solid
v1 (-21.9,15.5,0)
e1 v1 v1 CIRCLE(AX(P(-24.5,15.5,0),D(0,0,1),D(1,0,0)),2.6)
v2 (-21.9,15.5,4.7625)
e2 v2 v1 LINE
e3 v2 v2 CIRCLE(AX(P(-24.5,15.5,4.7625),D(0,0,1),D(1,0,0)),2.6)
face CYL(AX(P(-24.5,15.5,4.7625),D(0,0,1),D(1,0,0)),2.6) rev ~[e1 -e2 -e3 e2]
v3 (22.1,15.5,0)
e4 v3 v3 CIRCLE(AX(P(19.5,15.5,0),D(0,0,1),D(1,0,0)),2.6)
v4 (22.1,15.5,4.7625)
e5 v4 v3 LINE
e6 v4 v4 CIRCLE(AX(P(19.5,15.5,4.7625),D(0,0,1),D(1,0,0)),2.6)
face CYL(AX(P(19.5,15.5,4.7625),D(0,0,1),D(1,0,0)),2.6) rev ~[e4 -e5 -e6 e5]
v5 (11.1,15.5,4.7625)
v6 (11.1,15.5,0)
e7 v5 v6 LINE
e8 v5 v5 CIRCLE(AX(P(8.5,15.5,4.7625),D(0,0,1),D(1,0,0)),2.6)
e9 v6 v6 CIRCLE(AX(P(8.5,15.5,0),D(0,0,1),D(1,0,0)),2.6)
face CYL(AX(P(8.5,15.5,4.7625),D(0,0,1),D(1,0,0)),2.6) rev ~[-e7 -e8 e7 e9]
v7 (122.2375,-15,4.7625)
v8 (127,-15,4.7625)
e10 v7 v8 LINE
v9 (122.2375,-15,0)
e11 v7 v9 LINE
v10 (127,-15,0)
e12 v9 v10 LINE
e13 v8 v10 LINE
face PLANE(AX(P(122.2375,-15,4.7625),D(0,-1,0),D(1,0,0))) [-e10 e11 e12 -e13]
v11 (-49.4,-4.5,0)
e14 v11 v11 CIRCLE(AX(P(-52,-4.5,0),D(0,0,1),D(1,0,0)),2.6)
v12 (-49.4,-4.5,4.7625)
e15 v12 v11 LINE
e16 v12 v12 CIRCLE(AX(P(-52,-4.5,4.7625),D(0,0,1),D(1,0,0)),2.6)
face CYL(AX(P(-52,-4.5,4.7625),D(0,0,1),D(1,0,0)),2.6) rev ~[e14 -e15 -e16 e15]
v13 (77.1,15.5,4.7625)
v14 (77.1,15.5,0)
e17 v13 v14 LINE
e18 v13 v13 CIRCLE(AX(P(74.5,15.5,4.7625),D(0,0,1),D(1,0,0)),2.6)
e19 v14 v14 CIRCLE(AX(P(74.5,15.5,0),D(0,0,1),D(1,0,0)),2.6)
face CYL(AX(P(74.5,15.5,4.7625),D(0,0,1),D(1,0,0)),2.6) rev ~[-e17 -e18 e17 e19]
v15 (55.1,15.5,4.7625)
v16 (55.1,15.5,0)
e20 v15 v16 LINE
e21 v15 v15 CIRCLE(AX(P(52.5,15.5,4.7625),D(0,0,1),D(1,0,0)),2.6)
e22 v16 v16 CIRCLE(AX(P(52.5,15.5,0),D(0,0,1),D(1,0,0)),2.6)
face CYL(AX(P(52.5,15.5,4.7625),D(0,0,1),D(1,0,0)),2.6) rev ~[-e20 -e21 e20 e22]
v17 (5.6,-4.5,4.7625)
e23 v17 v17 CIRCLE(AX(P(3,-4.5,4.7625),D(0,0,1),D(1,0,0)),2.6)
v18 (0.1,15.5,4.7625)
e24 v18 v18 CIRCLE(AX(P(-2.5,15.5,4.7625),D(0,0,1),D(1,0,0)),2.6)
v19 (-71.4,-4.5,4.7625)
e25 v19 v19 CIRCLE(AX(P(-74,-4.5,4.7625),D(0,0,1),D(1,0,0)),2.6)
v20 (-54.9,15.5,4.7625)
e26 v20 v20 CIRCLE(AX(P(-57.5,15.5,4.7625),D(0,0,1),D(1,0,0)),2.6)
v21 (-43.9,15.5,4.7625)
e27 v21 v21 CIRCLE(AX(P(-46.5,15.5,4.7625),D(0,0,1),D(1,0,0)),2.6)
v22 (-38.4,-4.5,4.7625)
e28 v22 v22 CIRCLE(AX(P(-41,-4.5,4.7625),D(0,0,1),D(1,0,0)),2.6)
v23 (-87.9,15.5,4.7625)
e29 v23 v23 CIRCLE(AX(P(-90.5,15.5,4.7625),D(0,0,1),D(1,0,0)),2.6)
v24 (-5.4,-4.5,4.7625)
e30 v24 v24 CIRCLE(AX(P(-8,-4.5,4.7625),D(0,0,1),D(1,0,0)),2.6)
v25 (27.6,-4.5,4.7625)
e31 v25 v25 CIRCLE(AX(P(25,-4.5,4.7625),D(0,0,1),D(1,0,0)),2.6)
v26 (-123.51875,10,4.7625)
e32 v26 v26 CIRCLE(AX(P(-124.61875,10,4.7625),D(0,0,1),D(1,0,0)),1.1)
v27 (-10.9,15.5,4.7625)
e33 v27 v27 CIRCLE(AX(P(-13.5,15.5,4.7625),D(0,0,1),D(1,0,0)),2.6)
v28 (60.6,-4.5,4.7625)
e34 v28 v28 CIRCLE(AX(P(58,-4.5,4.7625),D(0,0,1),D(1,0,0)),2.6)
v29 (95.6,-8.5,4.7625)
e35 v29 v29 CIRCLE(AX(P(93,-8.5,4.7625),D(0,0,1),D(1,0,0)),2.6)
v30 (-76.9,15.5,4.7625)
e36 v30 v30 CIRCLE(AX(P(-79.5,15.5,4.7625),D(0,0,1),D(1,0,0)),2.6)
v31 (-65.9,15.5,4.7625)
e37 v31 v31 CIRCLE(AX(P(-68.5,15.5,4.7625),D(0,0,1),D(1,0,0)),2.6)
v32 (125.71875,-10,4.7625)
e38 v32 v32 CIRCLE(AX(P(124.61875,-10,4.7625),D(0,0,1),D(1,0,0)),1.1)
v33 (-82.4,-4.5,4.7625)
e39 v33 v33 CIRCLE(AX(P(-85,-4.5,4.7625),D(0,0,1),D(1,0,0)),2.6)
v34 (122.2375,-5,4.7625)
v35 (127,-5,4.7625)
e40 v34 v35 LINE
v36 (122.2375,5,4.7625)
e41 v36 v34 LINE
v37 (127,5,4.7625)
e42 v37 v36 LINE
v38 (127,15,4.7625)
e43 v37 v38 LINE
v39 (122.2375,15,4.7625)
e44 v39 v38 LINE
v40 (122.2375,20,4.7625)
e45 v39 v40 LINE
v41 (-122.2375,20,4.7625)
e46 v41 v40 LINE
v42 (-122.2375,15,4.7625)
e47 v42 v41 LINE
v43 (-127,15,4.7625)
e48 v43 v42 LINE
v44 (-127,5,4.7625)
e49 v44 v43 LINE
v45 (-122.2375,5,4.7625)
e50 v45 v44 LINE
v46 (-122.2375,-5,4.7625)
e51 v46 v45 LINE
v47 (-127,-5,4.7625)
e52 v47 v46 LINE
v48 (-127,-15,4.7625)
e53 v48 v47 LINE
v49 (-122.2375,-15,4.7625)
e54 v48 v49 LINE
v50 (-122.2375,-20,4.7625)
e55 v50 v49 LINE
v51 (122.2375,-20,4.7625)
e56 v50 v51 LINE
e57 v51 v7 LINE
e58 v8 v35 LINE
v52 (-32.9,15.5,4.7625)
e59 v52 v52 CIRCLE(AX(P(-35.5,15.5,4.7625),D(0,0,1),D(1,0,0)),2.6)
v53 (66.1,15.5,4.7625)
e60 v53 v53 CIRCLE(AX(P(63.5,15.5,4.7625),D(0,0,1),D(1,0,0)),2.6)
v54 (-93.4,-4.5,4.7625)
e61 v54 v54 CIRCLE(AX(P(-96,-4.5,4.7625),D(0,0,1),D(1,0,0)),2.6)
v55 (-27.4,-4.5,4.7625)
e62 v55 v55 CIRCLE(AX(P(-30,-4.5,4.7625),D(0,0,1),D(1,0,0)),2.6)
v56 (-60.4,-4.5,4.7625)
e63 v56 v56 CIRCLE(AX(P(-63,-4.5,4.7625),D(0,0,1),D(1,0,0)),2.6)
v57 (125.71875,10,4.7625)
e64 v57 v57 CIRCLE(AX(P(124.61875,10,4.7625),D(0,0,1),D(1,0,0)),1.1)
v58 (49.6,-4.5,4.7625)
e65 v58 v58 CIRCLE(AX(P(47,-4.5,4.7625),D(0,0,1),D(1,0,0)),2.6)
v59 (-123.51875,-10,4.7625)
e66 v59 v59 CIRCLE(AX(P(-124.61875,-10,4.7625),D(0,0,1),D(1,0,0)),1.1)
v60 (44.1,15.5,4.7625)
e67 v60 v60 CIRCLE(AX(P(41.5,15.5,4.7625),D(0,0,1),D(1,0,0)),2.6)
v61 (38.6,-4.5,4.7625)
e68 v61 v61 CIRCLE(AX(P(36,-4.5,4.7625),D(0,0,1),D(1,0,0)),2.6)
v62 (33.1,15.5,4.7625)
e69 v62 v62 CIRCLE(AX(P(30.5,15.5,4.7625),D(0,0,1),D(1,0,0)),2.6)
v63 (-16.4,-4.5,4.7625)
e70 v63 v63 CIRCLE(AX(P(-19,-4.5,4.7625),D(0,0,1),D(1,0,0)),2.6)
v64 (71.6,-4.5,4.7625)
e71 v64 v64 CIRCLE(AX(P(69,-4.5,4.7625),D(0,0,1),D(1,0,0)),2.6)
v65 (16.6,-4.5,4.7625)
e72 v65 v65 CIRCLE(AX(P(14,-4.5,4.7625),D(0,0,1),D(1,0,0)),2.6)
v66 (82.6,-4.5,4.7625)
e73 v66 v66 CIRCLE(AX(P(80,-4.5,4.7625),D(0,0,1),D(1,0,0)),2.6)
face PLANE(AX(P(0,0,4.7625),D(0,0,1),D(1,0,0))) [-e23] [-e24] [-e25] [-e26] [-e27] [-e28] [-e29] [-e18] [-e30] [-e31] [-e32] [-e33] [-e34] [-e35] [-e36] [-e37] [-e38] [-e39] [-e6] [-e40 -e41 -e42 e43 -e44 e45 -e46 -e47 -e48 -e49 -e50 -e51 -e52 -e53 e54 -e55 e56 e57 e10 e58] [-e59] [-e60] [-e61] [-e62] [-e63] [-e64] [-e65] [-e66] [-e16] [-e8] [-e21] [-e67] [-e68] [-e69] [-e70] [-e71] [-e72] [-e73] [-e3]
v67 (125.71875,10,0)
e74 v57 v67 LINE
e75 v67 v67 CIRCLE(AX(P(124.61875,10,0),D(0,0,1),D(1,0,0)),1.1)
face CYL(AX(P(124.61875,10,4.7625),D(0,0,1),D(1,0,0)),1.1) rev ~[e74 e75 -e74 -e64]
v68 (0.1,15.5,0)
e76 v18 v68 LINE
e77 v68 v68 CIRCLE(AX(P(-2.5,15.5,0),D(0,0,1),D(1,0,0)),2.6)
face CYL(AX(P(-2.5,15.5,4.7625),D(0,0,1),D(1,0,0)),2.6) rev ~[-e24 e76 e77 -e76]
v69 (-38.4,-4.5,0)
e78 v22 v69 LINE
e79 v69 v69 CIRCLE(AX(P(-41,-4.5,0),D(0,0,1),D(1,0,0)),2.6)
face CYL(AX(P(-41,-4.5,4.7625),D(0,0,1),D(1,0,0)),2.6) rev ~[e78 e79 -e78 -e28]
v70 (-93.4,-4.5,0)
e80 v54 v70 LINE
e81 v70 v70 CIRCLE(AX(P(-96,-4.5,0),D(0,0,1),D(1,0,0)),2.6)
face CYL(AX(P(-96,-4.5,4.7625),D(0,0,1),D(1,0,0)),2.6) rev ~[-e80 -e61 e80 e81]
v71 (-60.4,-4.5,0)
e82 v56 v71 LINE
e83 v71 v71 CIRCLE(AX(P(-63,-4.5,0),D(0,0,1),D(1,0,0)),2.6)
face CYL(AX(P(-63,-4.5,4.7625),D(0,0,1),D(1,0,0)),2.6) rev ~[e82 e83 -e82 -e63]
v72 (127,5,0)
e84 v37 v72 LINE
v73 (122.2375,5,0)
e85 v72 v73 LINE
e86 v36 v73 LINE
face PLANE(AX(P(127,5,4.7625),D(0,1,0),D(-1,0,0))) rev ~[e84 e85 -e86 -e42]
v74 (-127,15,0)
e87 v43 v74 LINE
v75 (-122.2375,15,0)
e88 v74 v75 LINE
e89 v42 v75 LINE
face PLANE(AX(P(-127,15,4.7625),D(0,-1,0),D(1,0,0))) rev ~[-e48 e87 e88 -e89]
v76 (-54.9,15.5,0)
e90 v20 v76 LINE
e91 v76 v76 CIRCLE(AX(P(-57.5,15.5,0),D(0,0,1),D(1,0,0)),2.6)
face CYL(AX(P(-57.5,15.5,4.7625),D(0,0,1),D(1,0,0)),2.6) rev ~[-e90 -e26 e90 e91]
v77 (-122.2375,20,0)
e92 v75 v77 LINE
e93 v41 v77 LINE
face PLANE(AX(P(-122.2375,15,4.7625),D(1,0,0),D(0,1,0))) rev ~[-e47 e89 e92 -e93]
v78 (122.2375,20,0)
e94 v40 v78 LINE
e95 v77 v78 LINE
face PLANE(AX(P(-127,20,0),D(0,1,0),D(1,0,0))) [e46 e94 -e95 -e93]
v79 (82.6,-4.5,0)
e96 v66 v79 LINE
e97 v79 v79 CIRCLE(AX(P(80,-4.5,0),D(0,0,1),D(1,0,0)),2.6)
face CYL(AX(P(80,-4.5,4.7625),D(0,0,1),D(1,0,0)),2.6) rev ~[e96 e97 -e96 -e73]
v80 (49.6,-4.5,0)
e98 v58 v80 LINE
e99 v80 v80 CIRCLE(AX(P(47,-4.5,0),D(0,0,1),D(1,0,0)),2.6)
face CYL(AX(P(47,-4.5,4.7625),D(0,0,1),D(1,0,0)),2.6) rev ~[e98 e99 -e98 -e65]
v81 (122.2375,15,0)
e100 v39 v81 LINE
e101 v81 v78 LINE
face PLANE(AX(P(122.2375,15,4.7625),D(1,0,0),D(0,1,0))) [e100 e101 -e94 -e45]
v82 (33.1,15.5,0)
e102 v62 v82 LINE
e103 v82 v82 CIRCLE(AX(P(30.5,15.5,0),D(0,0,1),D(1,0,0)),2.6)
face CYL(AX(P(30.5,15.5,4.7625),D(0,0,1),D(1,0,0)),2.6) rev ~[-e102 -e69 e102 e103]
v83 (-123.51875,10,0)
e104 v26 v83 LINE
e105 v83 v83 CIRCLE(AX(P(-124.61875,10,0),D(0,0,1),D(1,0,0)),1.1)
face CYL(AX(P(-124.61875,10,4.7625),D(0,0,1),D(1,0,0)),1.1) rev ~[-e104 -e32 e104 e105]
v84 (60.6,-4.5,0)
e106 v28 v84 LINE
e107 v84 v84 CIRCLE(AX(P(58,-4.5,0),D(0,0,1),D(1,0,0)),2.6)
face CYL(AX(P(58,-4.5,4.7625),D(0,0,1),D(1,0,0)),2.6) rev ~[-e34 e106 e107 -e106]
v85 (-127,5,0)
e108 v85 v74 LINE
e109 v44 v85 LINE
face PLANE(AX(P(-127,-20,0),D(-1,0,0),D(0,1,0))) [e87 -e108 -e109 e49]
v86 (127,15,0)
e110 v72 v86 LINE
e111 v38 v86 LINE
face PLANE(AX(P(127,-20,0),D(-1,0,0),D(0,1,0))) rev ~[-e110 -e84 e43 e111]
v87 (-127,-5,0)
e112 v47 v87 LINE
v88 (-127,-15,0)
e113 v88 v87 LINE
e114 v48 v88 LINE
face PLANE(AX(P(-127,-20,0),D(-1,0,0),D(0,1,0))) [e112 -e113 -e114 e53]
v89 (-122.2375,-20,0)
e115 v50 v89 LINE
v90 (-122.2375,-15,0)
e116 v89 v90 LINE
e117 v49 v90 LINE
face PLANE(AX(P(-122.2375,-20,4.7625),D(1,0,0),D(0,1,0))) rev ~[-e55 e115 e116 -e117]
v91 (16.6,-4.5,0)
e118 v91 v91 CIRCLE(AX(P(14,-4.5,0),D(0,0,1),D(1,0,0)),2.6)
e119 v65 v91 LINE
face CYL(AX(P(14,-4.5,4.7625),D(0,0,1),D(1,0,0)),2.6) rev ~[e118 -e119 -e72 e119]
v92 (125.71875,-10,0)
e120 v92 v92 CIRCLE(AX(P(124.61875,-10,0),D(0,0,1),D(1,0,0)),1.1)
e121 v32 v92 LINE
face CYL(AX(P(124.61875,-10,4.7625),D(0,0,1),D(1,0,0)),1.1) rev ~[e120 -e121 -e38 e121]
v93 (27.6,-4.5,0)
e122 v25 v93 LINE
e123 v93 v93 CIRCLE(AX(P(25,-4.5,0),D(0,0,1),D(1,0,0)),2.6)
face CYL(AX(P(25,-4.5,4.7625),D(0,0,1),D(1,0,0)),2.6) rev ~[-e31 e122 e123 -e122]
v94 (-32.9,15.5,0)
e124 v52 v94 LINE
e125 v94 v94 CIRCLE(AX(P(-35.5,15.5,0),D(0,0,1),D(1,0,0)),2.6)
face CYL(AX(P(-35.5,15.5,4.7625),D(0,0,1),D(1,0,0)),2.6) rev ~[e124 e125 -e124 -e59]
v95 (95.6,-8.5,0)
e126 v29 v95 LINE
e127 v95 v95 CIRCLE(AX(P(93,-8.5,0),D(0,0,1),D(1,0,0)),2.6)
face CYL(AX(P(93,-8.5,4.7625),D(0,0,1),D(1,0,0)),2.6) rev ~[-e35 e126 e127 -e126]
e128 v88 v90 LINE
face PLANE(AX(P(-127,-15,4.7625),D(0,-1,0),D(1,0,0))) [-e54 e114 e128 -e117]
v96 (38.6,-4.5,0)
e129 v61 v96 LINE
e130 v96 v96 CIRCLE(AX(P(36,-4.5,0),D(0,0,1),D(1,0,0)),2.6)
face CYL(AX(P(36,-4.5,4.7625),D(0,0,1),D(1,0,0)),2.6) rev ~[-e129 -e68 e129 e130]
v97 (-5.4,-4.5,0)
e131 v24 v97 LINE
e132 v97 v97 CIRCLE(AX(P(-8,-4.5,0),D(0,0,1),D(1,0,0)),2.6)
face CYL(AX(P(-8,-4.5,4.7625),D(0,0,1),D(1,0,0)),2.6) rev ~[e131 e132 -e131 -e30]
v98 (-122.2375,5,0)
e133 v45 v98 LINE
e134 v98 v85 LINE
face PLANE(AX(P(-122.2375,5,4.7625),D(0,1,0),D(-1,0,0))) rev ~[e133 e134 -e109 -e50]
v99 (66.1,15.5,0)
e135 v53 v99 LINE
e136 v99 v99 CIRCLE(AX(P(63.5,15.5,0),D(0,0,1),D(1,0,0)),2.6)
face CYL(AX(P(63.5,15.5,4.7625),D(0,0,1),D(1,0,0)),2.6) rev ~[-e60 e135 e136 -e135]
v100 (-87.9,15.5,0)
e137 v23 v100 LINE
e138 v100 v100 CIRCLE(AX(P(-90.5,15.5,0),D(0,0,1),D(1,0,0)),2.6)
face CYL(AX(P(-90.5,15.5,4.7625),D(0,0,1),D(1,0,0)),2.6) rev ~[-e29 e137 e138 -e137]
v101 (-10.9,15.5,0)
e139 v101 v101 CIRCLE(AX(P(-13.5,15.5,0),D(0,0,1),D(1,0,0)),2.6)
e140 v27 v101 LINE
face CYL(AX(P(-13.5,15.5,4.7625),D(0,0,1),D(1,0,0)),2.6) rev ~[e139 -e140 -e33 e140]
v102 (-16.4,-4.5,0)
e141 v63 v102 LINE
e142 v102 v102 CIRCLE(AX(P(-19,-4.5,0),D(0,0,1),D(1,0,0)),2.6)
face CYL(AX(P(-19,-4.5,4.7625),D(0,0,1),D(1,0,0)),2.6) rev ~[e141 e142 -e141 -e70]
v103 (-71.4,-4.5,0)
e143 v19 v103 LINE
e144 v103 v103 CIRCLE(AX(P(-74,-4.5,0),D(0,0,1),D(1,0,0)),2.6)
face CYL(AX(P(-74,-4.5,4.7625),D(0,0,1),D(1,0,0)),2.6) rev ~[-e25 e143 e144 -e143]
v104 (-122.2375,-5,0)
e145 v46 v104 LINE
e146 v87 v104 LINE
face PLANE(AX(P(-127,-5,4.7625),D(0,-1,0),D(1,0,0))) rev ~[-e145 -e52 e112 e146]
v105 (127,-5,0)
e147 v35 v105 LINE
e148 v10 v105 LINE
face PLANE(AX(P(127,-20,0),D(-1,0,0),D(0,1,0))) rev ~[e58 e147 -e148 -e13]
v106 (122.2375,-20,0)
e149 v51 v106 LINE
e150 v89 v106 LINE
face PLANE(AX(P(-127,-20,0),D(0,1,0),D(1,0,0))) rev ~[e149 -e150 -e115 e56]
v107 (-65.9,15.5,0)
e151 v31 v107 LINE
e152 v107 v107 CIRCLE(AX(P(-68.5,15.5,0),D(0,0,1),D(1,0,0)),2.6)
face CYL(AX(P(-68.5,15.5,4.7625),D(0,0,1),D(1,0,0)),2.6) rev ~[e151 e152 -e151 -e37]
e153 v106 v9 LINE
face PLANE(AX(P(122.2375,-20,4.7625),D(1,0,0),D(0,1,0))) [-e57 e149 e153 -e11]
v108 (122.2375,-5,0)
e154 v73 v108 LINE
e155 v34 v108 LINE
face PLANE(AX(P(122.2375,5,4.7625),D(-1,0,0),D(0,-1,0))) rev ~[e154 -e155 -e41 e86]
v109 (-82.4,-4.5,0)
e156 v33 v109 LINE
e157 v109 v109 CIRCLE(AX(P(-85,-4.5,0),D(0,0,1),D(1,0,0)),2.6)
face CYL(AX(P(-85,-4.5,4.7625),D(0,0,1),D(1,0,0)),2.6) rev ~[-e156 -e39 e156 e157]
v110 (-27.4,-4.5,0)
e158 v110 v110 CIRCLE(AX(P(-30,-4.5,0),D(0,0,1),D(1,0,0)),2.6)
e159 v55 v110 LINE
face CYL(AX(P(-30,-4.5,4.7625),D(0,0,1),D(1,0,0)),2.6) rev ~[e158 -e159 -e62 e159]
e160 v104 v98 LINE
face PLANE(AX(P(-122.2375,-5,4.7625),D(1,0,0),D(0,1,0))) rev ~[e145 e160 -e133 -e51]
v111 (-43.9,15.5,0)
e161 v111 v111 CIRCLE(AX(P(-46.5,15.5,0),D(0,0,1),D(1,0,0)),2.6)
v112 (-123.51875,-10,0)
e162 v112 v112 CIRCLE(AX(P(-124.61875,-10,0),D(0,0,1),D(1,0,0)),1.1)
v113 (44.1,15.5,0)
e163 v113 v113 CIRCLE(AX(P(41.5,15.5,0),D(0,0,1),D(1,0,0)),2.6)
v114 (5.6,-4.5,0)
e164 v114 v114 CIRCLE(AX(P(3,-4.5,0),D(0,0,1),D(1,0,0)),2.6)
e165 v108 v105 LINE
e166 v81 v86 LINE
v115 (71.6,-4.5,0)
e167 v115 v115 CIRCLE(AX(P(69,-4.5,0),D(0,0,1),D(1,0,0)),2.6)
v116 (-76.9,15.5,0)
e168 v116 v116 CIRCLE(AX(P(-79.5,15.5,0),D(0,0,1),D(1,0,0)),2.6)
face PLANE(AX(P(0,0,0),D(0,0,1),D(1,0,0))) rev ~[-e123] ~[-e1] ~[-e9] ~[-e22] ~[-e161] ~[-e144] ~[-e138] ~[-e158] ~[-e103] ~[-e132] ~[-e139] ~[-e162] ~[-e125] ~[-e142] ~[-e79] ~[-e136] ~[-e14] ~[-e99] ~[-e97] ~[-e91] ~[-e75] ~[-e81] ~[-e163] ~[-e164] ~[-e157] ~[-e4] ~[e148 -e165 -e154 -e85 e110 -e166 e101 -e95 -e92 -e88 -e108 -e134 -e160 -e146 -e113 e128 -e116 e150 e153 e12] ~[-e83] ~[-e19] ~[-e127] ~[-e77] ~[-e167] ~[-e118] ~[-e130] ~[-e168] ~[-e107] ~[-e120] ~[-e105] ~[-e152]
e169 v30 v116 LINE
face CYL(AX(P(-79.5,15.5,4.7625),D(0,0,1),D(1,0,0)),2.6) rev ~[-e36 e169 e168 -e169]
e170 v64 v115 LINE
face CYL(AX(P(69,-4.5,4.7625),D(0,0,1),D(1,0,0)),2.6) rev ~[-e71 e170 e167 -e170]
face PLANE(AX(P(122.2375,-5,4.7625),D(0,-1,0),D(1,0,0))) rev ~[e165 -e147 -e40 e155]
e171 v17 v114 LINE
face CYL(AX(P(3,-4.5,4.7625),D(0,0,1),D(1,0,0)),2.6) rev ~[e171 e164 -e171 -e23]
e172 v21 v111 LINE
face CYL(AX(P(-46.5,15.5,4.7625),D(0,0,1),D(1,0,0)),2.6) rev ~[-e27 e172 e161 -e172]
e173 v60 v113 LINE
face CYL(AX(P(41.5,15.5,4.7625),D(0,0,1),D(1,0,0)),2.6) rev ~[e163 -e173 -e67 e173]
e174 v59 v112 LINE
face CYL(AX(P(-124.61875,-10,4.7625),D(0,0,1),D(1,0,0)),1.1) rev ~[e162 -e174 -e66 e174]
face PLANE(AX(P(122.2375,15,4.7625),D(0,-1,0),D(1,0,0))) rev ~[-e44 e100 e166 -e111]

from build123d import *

# Parameters (mm, degrees)
F0_W     = 254
F0_H     = 40
F1_DEPTH = 4.7625
F2_R     = 2.6
F3_DEPTH = 25.4
F4_W     = 4.7625
F4_H     = 5
F5_DEPTH = 25.4
F6_R     = 1.1
F7_DEPTH = 25.4


with BuildPart() as f1:
    # F0 (on Top) → F1 (new body)
    with BuildSketch(Plane.XY):
        Rectangle(F0_W, F0_H)
    extrude(amount=F1_DEPTH)

    # F2 (on face) → F3 (cut)
    with BuildSketch(Plane.XY.offset(4.7625)):
        with Locations((-96, -4.5)):
            Circle(F2_R)
        with Locations((-85, -4.5)):
            Circle(F2_R)
        with Locations((-74, -4.5)):
            Circle(F2_R)
        with Locations((-63, -4.5)):
            Circle(F2_R)
        with Locations((-52, -4.5)):
            Circle(F2_R)
        with Locations((-41, -4.5)):
            Circle(F2_R)
        with Locations((-30, -4.5)):
            Circle(F2_R)
        with Locations((-19, -4.5)):
            Circle(F2_R)
        with Locations((-8, -4.5)):
            Circle(F2_R)
        with Locations((3, -4.5)):
            Circle(F2_R)
        with Locations((14, -4.5)):
            Circle(F2_R)
        with Locations((25, -4.5)):
            Circle(F2_R)
        with Locations((36, -4.5)):
            Circle(F2_R)
        with Locations((47, -4.5)):
            Circle(F2_R)
        with Locations((58, -4.5)):
            Circle(F2_R)
        with Locations((69, -4.5)):
            Circle(F2_R)
        with Locations((80, -4.5)):
            Circle(F2_R)
        with Locations((-90.5, 15.5)):
            Circle(F2_R)
        with Locations((-79.5, 15.5)):
            Circle(F2_R)
        with Locations((-68.5, 15.5)):
            Circle(F2_R)
        with Locations((-57.5, 15.5)):
            Circle(F2_R)
        with Locations((-46.5, 15.5)):
            Circle(F2_R)
        with Locations((-35.5, 15.5)):
            Circle(F2_R)
        with Locations((-24.5, 15.5)):
            Circle(F2_R)
        with Locations((-13.5, 15.5)):
            Circle(F2_R)
        with Locations((-2.5, 15.5)):
            Circle(F2_R)
        with Locations((8.5, 15.5)):
            Circle(F2_R)
        with Locations((19.5, 15.5)):
            Circle(F2_R)
        with Locations((30.5, 15.5)):
            Circle(F2_R)
        with Locations((41.5, 15.5)):
            Circle(F2_R)
        with Locations((52.5, 15.5)):
            Circle(F2_R)
        with Locations((63.5, 15.5)):
            Circle(F2_R)
        with Locations((74.5, 15.5)):
            Circle(F2_R)
        with Locations((93, -8.5)):
            Circle(F2_R)
    extrude(amount=-F3_DEPTH, mode=Mode.SUBTRACT)

    # F4 (on face) → F5 (cut)
    with BuildSketch(Plane.XY.offset(4.7625)):
        with Locations((-124.61875, 17.5)):
            Rectangle(F4_W, F4_H)
        Polygon((-127, 5), (-127, 0), (-127, -5), (-122.2375, -5), (-122.2375, 0), (-122.2375, 5), align=None)
        with Locations((-124.61875, -17.5)):
            Rectangle(F4_W, F4_H)
        with Locations((124.61875, 17.5)):
            Rectangle(F4_W, F4_H)
        Polygon((127, -5), (127, 0), (127, 5), (122.2375, 5), (122.2375, 0), (122.2375, -5), align=None)
        with Locations((124.61875, -17.5)):
            Rectangle(F4_W, F4_H)
    extrude(amount=-F5_DEPTH, mode=Mode.SUBTRACT)

    # F6 (on face) → F7 (cut)
    with BuildSketch(Plane.XY.offset(4.7625)):
        with Locations((124.61875, 10)):
            Circle(F6_R)
        with Locations((124.61875, -10)):
            Circle(F6_R)
        with Locations((-124.61875, -10)):
            Circle(F6_R)
        with Locations((-124.61875, 10)):
            Circle(F6_R)
    extrude(amount=-F7_DEPTH, mode=Mode.SUBTRACT)


solid = f1.part
